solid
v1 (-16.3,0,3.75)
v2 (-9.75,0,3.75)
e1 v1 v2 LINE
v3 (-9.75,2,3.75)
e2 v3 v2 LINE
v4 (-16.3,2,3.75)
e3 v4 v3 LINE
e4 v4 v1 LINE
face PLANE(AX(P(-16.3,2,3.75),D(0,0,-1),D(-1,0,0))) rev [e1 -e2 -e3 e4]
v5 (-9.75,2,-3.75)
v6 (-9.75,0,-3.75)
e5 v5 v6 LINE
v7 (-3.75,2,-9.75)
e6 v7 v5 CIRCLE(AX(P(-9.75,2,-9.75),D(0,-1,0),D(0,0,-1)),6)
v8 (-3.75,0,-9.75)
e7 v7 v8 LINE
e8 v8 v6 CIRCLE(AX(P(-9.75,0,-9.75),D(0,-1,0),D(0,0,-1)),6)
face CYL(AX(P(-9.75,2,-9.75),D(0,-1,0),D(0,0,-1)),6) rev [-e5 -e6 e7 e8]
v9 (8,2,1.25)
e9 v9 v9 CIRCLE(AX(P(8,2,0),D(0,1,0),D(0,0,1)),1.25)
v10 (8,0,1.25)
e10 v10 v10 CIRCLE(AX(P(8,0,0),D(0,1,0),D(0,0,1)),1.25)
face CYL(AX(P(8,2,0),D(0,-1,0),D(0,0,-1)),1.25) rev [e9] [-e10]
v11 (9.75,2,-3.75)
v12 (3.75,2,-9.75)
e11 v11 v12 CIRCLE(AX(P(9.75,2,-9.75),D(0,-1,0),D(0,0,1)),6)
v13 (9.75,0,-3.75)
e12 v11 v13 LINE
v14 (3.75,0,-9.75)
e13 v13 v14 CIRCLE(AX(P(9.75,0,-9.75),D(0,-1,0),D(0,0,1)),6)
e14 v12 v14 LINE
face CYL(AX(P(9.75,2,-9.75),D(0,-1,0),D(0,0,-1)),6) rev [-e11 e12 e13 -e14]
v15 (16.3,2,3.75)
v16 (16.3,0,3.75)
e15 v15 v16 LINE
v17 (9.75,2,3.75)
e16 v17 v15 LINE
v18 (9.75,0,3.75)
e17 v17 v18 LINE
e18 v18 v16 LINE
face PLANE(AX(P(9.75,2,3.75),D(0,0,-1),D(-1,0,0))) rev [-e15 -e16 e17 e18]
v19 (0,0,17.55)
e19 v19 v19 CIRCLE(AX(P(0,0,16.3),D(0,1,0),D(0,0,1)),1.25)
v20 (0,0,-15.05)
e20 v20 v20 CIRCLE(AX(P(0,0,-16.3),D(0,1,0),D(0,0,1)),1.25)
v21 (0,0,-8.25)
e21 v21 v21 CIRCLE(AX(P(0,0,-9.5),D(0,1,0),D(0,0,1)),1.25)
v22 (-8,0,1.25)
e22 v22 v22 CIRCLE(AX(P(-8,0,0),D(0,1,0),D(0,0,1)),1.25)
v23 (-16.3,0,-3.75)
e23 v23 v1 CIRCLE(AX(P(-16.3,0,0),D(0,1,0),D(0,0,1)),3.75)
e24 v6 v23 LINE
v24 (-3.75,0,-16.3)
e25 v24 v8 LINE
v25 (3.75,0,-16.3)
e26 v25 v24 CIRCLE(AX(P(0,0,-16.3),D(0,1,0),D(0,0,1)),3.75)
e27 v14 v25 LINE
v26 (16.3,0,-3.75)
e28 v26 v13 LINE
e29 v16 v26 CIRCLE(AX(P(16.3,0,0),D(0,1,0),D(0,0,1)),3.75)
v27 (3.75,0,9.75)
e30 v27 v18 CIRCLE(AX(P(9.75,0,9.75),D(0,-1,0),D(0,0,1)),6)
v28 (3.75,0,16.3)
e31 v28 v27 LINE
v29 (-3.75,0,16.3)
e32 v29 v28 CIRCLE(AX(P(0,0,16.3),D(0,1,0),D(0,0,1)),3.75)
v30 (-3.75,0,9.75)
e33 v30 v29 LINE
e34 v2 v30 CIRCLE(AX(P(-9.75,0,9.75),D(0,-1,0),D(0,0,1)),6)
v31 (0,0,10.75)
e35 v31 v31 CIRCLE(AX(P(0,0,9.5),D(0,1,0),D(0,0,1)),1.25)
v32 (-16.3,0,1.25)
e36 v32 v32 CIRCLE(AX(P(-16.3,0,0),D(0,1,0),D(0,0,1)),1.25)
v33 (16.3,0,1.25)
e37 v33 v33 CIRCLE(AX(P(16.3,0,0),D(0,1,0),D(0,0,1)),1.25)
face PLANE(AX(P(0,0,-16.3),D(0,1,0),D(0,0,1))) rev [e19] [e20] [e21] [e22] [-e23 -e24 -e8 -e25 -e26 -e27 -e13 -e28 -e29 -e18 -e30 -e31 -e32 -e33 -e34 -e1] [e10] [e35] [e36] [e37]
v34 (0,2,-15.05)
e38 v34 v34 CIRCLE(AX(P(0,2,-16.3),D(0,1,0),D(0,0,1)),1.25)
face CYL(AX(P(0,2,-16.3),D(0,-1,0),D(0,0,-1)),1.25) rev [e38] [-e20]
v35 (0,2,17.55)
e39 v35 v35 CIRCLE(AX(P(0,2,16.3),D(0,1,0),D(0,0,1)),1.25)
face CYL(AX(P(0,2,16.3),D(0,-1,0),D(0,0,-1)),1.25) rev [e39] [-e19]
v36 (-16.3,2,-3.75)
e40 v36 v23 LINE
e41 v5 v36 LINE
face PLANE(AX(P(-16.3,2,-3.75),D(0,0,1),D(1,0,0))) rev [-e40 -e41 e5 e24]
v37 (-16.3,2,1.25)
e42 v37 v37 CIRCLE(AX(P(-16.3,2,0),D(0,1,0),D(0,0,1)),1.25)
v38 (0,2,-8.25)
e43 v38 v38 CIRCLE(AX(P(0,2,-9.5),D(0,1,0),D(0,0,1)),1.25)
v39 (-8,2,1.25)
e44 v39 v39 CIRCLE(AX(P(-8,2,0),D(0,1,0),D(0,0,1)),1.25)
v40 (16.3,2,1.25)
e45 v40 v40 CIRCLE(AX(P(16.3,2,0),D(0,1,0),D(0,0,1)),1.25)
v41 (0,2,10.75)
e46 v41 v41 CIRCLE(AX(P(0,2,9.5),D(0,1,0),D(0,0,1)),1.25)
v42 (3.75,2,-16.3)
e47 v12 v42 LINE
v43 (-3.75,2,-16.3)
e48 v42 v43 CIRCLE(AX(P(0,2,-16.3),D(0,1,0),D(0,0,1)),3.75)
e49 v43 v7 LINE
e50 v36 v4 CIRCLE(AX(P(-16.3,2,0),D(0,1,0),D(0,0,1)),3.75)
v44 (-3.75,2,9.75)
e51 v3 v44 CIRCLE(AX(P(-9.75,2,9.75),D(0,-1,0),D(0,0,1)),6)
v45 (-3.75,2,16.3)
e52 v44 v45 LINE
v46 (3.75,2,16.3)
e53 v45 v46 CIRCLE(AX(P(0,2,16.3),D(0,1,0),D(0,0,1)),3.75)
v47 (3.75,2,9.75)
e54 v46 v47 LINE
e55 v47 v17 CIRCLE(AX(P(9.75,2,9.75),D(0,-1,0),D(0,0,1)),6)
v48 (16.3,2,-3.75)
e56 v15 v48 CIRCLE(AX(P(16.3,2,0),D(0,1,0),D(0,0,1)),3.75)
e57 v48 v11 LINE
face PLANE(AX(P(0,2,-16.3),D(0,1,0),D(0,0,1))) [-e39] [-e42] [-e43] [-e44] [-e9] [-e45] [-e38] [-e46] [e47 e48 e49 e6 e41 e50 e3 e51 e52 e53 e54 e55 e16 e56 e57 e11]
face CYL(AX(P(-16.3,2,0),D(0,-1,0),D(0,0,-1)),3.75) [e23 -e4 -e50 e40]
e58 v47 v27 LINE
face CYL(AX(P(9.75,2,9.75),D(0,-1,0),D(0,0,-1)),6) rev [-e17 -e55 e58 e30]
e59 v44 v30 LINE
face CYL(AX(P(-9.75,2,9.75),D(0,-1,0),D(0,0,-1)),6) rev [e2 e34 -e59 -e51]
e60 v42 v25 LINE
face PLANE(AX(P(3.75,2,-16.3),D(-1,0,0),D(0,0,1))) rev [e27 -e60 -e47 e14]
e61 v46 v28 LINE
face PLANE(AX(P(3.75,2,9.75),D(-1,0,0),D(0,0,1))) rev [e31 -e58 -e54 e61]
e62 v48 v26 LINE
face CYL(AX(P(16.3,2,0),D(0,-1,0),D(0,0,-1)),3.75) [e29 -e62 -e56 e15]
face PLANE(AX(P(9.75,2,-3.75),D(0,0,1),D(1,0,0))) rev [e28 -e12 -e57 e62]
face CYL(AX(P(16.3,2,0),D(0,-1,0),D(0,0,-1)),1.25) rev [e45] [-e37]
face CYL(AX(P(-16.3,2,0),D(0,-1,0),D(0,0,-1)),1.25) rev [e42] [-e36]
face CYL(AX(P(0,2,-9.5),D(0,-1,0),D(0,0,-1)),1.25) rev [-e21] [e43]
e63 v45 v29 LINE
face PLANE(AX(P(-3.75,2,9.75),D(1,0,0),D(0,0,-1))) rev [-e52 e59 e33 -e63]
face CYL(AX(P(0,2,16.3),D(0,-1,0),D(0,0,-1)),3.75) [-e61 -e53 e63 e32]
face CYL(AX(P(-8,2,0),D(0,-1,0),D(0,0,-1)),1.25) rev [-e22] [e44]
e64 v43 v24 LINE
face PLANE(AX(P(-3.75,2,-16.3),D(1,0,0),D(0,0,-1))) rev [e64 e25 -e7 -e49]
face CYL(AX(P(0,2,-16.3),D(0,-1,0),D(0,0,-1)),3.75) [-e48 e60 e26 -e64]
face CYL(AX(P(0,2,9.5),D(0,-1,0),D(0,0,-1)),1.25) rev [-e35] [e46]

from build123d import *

# Parameters (mm, degrees)
SKETCH_1_R      = 1.25
EXTRUDE_1_DEPTH = 2


with BuildPart() as part:
    # 草圖1 → 填料-伸長1 (new body)
    with BuildSketch(Plane(origin=(0, 0, 0), x_dir=(1, 0, 0), z_dir=(0, 1, 0))):
        with BuildLine():
            Line((-3.75, 16.3), (-3.75, 9.75))
            ThreePointArc((-3.75, 9.75), (-5.507359313, 5.507359313), (-9.75, 3.75))
            Line((-9.75, 3.75), (-16.3, 3.75))
            ThreePointArc((-16.3, 3.75), (-20.05, 0), (-16.3, -3.75))
            Line((-16.3, -3.75), (-9.75, -3.75))
            ThreePointArc((-9.75, -3.75), (-5.507359313, -5.507359313), (-3.75, -9.75))
            Line((-3.75, -9.75), (-3.75, -16.3))
            ThreePointArc((-3.75, -16.3), (0, -20.05), (3.75, -16.3))
            Line((3.75, -16.3), (3.75, -9.75))
            ThreePointArc((3.75, -9.75), (5.507359313, -5.507359313), (9.75, -3.75))
            Line((9.75, -3.75), (16.3, -3.75))
            ThreePointArc((16.3, -3.75), (20.05, 0), (16.3, 3.75))
            Line((16.3, 3.75), (9.75, 3.75))
            ThreePointArc((9.75, 3.75), (5.507359313, 5.507359313), (3.75, 9.75))
            Line((3.75, 9.75), (3.75, 16.3))
            ThreePointArc((3.75, 16.3), (0, 20.05), (-3.75, 16.3))
        make_face()
        with Locations(Location((0, 16.3, 0), (0, 0, 270))):
            Circle(SKETCH_1_R, mode=Mode.SUBTRACT)
        with Locations(Location((-16.3, 0, 0), (0, 0, 270))):
            Circle(SKETCH_1_R, mode=Mode.SUBTRACT)
        with Locations(Location((0, -16.3, 0), (0, 0, 270))):
            Circle(SKETCH_1_R, mode=Mode.SUBTRACT)
        with Locations(Location((16.3, 0, 0), (0, 0, 270))):
            Circle(SKETCH_1_R, mode=Mode.SUBTRACT)
        with Locations(Location((0, 9.5, 0), (0, 0, 270))):
            Circle(SKETCH_1_R, mode=Mode.SUBTRACT)
        with Locations(Location((-8, 0, 0), (0, 0, 270))):
            Circle(SKETCH_1_R, mode=Mode.SUBTRACT)
        with Locations(Location((0, -9.5, 0), (0, 0, 270))):
            Circle(SKETCH_1_R, mode=Mode.SUBTRACT)
        with Locations(Location((8, 0, 0), (0, 0, 270))):
            Circle(SKETCH_1_R, mode=Mode.SUBTRACT)
    extrude(amount=EXTRUDE_1_DEPTH)


solid = part.part
